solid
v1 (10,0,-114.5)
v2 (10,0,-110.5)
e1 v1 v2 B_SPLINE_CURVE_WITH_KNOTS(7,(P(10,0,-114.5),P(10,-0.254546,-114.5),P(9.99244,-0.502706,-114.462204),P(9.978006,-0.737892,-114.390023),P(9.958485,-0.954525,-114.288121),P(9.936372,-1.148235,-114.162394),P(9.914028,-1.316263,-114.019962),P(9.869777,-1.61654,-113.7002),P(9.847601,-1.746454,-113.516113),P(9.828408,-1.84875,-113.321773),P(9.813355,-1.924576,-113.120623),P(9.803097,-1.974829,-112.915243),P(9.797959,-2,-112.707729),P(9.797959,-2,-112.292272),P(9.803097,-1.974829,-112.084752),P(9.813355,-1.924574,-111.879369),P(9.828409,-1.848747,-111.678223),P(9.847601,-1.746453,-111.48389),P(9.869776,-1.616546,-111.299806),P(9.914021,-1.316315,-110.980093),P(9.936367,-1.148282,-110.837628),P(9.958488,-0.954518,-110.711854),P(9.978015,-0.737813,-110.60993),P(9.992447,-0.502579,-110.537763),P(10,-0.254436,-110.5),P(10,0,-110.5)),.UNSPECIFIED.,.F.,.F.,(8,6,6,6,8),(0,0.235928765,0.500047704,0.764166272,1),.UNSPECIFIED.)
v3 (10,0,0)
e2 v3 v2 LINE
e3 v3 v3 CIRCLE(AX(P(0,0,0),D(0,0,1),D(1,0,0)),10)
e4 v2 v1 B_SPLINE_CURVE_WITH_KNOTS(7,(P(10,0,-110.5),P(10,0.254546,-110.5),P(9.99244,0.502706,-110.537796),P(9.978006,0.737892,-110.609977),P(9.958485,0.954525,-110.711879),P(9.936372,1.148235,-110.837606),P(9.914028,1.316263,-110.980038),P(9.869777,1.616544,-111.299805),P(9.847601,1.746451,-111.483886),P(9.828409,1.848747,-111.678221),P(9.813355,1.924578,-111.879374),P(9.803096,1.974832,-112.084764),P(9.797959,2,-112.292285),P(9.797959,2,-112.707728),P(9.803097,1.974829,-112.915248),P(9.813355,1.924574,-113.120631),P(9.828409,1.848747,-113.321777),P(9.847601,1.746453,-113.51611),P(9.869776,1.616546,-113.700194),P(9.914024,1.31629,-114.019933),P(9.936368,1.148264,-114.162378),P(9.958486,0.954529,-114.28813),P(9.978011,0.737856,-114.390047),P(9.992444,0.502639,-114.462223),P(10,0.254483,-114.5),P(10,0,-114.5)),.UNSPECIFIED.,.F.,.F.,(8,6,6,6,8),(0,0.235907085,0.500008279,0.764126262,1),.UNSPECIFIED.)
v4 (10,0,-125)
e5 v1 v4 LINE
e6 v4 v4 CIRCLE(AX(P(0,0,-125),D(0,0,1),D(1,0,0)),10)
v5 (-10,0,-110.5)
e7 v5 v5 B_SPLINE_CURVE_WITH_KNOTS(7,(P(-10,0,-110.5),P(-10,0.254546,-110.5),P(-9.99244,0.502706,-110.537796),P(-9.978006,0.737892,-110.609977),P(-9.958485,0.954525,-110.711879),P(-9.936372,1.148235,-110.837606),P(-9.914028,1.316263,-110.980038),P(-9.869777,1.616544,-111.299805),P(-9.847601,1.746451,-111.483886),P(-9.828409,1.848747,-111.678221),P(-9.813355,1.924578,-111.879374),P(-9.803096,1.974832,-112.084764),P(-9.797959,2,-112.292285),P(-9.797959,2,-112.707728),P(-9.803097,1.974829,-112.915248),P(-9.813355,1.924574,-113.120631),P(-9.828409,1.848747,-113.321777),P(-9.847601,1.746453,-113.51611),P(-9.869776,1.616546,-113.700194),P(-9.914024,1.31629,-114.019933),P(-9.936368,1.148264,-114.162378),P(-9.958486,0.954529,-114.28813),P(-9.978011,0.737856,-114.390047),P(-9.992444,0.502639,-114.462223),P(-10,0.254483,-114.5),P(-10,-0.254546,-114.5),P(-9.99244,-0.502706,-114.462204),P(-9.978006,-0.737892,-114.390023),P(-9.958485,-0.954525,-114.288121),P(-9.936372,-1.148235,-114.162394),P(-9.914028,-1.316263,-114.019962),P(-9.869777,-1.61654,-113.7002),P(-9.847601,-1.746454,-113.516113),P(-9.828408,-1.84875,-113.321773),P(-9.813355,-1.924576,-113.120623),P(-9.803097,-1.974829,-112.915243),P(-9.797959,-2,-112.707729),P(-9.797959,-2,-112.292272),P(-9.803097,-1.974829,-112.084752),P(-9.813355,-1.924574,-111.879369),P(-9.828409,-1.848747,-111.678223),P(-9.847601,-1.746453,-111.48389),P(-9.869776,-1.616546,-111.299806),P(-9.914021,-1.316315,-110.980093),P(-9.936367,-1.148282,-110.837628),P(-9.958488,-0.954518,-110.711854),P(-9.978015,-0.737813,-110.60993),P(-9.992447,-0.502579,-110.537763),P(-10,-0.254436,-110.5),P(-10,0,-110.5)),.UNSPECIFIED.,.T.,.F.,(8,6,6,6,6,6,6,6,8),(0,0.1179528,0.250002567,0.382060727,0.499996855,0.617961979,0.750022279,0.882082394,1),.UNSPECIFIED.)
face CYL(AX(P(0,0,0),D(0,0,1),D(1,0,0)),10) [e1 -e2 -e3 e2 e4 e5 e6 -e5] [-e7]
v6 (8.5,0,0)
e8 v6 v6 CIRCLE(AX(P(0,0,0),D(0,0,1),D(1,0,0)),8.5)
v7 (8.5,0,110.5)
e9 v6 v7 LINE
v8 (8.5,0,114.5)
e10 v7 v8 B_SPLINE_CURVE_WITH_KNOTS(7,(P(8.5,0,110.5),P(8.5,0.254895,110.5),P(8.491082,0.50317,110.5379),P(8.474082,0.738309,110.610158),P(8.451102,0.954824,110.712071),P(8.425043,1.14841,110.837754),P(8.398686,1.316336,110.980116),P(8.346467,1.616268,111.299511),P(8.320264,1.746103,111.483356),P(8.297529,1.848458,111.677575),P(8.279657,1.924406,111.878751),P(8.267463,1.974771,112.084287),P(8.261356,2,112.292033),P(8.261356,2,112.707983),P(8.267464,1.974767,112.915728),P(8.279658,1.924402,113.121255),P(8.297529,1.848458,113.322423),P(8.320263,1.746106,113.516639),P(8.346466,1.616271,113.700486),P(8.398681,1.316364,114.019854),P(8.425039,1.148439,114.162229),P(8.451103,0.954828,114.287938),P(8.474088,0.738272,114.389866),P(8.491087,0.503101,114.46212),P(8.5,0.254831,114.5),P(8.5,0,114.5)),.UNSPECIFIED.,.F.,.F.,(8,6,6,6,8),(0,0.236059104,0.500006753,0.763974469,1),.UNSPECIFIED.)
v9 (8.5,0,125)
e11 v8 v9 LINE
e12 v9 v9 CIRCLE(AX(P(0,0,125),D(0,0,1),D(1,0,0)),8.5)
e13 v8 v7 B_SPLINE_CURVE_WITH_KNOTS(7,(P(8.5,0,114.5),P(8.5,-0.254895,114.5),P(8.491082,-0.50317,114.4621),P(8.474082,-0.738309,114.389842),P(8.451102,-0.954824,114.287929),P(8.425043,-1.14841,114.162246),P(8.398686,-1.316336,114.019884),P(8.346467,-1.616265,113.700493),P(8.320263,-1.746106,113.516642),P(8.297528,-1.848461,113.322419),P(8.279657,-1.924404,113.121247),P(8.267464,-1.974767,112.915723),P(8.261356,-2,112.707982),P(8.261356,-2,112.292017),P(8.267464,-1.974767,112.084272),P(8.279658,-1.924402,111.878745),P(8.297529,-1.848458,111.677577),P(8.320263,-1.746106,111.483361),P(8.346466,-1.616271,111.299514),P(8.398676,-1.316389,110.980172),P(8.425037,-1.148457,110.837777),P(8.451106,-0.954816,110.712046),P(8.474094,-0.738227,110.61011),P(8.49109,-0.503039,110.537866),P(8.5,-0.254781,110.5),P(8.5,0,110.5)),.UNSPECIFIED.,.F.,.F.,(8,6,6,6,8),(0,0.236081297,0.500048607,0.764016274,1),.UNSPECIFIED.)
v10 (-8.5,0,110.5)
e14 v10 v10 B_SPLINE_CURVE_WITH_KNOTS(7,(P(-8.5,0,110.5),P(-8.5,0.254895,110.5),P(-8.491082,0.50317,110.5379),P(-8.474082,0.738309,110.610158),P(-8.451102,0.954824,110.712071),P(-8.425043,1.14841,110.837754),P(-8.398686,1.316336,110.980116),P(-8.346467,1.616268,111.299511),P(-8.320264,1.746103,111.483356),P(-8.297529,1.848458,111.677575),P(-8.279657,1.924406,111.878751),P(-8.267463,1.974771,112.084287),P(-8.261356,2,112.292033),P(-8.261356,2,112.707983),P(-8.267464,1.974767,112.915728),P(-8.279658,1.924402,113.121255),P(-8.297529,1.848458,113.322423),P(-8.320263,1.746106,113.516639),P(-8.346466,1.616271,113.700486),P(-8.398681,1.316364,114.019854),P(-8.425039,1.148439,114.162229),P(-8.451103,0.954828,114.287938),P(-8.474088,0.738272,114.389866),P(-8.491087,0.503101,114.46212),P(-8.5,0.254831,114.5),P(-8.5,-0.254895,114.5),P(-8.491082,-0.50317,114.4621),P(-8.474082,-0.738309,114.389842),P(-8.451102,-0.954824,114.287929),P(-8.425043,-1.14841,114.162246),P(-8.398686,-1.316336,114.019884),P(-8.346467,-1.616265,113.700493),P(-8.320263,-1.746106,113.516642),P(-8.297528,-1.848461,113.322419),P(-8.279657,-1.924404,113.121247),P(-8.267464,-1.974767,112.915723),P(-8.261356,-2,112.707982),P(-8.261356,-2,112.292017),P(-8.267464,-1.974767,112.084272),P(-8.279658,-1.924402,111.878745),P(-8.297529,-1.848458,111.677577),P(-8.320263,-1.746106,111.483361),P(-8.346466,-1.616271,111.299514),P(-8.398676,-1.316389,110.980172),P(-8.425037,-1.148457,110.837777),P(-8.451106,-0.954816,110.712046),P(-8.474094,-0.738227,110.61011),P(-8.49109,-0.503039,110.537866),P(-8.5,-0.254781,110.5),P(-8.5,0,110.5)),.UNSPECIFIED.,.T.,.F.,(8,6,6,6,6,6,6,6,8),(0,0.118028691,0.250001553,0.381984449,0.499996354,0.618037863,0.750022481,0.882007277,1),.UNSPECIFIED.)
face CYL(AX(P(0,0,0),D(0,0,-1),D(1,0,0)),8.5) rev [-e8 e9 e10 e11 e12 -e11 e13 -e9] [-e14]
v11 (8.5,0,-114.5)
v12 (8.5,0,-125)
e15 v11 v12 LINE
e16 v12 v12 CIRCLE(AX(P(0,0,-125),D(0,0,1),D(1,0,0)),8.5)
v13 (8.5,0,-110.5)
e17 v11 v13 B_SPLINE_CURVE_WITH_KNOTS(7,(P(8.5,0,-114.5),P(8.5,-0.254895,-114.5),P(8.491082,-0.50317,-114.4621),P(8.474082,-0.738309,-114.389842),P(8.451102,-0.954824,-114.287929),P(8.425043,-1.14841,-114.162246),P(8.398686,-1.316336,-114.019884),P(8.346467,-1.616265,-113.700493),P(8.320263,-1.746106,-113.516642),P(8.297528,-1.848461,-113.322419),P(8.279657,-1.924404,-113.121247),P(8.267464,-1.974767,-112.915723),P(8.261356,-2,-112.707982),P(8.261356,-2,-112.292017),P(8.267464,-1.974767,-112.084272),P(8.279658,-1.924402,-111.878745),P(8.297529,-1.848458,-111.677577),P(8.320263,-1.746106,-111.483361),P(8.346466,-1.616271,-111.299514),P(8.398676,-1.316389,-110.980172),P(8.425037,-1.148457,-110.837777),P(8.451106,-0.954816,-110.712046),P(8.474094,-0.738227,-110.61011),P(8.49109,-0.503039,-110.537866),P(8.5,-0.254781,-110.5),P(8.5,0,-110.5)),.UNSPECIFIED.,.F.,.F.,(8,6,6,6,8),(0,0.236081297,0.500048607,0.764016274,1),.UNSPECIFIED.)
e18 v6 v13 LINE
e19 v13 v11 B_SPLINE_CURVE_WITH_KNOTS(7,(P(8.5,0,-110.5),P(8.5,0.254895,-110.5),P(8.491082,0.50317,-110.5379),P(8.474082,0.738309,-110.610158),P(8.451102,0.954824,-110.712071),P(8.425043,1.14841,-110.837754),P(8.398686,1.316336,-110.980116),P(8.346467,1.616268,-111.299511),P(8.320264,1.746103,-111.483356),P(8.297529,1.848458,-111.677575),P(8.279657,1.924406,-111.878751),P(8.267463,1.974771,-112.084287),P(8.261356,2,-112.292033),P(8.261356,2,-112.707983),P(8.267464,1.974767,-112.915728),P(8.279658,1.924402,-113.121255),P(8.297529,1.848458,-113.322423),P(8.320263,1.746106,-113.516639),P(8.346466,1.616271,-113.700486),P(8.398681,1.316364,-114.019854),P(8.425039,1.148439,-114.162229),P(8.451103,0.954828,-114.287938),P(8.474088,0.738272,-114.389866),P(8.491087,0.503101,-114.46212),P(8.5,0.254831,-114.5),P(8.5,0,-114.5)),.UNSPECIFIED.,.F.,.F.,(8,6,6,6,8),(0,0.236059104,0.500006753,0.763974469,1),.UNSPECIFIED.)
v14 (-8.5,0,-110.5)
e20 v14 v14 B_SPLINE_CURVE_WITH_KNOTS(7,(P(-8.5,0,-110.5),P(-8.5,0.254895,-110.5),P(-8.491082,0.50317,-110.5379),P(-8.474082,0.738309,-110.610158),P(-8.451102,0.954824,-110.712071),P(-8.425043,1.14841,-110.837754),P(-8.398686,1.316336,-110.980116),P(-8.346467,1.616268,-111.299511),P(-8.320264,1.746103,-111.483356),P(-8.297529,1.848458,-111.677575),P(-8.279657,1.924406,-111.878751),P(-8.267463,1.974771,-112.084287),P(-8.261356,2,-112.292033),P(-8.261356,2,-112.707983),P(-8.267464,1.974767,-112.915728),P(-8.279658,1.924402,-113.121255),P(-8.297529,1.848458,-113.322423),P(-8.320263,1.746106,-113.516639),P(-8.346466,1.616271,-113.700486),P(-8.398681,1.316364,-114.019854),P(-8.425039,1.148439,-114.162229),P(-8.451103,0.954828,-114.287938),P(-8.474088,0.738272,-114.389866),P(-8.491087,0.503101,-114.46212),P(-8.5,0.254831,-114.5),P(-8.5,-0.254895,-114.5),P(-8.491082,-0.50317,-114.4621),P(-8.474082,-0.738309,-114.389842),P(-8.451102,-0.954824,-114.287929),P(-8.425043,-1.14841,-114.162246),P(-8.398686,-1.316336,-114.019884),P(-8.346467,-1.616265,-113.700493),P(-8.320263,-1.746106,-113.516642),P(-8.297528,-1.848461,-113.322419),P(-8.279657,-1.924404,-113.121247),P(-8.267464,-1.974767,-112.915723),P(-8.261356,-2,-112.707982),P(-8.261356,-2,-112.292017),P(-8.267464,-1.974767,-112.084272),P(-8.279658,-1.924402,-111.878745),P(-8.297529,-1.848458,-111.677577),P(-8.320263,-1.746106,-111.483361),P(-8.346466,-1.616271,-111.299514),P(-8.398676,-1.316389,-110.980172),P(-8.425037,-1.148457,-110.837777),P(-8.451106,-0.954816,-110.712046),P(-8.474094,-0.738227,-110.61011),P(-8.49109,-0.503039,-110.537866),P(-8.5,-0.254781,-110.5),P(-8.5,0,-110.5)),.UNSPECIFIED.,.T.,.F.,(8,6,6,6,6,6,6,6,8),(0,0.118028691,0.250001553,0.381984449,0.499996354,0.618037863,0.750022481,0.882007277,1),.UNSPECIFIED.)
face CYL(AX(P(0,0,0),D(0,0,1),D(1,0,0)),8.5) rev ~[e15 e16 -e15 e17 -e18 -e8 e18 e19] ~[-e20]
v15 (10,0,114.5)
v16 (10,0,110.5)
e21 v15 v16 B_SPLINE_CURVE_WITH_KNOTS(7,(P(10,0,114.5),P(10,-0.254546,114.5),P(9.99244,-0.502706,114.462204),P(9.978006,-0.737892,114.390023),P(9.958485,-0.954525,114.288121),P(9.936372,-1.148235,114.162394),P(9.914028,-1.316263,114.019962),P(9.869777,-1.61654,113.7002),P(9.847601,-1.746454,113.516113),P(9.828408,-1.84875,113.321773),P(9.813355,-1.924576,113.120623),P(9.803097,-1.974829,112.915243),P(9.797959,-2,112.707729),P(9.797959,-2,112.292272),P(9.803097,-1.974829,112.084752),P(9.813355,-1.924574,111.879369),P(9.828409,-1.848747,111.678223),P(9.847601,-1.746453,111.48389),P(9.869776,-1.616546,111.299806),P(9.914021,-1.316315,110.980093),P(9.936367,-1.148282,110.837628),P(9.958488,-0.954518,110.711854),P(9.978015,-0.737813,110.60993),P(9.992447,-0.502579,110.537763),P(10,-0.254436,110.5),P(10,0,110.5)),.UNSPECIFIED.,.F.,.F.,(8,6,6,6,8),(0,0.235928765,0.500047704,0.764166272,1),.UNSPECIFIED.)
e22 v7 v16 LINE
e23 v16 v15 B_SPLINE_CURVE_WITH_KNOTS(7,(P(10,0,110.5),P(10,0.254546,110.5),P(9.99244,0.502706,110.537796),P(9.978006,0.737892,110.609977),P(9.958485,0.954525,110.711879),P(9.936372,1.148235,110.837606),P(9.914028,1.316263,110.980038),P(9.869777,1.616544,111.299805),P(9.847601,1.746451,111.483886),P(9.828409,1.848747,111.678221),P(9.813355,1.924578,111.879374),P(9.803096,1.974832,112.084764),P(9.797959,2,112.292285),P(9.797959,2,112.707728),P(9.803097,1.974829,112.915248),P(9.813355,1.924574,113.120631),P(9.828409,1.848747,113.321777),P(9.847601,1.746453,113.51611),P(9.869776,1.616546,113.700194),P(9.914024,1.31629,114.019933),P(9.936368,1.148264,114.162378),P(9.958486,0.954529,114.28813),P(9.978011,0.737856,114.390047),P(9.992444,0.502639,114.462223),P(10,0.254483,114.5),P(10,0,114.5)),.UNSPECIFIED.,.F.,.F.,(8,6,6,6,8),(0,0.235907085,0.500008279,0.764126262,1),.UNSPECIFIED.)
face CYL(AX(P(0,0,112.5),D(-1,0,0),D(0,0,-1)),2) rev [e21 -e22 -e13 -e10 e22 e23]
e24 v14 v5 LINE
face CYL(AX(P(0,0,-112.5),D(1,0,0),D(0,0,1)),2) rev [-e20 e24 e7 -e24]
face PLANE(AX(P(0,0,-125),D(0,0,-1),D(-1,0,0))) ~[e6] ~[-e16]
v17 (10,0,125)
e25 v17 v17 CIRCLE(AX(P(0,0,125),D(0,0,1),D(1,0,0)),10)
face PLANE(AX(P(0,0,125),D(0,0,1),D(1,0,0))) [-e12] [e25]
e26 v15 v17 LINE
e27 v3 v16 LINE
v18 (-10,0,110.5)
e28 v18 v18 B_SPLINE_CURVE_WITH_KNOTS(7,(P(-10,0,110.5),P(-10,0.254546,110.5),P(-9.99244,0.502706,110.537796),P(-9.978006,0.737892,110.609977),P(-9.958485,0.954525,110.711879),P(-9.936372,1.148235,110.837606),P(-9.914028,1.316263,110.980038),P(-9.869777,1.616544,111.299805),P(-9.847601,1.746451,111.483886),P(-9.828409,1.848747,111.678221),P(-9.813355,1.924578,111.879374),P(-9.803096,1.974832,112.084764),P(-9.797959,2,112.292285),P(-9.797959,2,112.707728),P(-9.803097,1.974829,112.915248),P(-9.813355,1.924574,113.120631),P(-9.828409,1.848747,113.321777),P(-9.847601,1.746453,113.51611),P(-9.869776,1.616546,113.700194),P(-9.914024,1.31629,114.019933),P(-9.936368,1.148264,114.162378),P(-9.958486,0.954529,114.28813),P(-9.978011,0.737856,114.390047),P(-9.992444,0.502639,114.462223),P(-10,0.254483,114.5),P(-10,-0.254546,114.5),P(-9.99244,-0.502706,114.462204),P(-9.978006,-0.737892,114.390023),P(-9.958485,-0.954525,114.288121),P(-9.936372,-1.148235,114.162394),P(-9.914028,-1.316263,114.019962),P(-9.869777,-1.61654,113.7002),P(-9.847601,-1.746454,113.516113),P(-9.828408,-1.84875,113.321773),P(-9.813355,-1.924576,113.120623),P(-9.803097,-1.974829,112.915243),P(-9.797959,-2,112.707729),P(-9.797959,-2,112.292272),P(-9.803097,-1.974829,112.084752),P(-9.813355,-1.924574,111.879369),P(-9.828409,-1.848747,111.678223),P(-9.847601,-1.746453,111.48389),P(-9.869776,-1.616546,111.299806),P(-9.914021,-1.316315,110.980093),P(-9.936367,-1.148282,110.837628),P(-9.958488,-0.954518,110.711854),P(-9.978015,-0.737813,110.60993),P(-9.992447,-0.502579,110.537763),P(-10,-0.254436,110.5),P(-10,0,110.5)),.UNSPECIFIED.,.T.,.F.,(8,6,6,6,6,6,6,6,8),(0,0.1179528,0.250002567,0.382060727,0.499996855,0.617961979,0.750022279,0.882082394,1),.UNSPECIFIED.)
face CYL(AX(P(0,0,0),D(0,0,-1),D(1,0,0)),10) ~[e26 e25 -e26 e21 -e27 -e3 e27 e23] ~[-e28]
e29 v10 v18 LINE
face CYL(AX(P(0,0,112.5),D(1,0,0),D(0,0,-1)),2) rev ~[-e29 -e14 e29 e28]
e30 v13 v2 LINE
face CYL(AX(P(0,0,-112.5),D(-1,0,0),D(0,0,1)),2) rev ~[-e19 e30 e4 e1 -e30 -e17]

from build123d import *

# Parameters (mm, degrees)
SKETCH1_R           = 10
SKETCH1_R_2         = 8.5
BOSS_EXTRUDE1_DEPTH = 125
SKETCH2_R           = 2
CUT_EXTRUDE1_DEPTH  = 126.797456254


with BuildPart() as part:
    # Sketch1 → Boss-Extrude1 (new body)
    with BuildSketch(Plane.XY):
        Circle(SKETCH1_R)
        Circle(SKETCH1_R_2, mode=Mode.SUBTRACT)
    boss_extrude1 = extrude(amount=BOSS_EXTRUDE1_DEPTH)

    # Sketch2 → Cut-Extrude1 (cut, symmetric)
    with BuildSketch(Plane(origin=(0, 0, 0), x_dir=(0, 0, -1), z_dir=(1, 0, 0))):
        with Locations((-112.5, 0)):
            Circle(SKETCH2_R)
        with Locations((-227.5, 0)):
            Circle(SKETCH2_R)
    cut_extrude1 = extrude(amount=CUT_EXTRUDE1_DEPTH, both=True, mode=Mode.SUBTRACT)

    # Mirror1: Boss-Extrude1, Cut-Extrude1 across plane
    add(boss_extrude1.mirror(Plane.XY))
    add(cut_extrude1.mirror(Plane.XY), mode=Mode.SUBTRACT)


solid = part.part
